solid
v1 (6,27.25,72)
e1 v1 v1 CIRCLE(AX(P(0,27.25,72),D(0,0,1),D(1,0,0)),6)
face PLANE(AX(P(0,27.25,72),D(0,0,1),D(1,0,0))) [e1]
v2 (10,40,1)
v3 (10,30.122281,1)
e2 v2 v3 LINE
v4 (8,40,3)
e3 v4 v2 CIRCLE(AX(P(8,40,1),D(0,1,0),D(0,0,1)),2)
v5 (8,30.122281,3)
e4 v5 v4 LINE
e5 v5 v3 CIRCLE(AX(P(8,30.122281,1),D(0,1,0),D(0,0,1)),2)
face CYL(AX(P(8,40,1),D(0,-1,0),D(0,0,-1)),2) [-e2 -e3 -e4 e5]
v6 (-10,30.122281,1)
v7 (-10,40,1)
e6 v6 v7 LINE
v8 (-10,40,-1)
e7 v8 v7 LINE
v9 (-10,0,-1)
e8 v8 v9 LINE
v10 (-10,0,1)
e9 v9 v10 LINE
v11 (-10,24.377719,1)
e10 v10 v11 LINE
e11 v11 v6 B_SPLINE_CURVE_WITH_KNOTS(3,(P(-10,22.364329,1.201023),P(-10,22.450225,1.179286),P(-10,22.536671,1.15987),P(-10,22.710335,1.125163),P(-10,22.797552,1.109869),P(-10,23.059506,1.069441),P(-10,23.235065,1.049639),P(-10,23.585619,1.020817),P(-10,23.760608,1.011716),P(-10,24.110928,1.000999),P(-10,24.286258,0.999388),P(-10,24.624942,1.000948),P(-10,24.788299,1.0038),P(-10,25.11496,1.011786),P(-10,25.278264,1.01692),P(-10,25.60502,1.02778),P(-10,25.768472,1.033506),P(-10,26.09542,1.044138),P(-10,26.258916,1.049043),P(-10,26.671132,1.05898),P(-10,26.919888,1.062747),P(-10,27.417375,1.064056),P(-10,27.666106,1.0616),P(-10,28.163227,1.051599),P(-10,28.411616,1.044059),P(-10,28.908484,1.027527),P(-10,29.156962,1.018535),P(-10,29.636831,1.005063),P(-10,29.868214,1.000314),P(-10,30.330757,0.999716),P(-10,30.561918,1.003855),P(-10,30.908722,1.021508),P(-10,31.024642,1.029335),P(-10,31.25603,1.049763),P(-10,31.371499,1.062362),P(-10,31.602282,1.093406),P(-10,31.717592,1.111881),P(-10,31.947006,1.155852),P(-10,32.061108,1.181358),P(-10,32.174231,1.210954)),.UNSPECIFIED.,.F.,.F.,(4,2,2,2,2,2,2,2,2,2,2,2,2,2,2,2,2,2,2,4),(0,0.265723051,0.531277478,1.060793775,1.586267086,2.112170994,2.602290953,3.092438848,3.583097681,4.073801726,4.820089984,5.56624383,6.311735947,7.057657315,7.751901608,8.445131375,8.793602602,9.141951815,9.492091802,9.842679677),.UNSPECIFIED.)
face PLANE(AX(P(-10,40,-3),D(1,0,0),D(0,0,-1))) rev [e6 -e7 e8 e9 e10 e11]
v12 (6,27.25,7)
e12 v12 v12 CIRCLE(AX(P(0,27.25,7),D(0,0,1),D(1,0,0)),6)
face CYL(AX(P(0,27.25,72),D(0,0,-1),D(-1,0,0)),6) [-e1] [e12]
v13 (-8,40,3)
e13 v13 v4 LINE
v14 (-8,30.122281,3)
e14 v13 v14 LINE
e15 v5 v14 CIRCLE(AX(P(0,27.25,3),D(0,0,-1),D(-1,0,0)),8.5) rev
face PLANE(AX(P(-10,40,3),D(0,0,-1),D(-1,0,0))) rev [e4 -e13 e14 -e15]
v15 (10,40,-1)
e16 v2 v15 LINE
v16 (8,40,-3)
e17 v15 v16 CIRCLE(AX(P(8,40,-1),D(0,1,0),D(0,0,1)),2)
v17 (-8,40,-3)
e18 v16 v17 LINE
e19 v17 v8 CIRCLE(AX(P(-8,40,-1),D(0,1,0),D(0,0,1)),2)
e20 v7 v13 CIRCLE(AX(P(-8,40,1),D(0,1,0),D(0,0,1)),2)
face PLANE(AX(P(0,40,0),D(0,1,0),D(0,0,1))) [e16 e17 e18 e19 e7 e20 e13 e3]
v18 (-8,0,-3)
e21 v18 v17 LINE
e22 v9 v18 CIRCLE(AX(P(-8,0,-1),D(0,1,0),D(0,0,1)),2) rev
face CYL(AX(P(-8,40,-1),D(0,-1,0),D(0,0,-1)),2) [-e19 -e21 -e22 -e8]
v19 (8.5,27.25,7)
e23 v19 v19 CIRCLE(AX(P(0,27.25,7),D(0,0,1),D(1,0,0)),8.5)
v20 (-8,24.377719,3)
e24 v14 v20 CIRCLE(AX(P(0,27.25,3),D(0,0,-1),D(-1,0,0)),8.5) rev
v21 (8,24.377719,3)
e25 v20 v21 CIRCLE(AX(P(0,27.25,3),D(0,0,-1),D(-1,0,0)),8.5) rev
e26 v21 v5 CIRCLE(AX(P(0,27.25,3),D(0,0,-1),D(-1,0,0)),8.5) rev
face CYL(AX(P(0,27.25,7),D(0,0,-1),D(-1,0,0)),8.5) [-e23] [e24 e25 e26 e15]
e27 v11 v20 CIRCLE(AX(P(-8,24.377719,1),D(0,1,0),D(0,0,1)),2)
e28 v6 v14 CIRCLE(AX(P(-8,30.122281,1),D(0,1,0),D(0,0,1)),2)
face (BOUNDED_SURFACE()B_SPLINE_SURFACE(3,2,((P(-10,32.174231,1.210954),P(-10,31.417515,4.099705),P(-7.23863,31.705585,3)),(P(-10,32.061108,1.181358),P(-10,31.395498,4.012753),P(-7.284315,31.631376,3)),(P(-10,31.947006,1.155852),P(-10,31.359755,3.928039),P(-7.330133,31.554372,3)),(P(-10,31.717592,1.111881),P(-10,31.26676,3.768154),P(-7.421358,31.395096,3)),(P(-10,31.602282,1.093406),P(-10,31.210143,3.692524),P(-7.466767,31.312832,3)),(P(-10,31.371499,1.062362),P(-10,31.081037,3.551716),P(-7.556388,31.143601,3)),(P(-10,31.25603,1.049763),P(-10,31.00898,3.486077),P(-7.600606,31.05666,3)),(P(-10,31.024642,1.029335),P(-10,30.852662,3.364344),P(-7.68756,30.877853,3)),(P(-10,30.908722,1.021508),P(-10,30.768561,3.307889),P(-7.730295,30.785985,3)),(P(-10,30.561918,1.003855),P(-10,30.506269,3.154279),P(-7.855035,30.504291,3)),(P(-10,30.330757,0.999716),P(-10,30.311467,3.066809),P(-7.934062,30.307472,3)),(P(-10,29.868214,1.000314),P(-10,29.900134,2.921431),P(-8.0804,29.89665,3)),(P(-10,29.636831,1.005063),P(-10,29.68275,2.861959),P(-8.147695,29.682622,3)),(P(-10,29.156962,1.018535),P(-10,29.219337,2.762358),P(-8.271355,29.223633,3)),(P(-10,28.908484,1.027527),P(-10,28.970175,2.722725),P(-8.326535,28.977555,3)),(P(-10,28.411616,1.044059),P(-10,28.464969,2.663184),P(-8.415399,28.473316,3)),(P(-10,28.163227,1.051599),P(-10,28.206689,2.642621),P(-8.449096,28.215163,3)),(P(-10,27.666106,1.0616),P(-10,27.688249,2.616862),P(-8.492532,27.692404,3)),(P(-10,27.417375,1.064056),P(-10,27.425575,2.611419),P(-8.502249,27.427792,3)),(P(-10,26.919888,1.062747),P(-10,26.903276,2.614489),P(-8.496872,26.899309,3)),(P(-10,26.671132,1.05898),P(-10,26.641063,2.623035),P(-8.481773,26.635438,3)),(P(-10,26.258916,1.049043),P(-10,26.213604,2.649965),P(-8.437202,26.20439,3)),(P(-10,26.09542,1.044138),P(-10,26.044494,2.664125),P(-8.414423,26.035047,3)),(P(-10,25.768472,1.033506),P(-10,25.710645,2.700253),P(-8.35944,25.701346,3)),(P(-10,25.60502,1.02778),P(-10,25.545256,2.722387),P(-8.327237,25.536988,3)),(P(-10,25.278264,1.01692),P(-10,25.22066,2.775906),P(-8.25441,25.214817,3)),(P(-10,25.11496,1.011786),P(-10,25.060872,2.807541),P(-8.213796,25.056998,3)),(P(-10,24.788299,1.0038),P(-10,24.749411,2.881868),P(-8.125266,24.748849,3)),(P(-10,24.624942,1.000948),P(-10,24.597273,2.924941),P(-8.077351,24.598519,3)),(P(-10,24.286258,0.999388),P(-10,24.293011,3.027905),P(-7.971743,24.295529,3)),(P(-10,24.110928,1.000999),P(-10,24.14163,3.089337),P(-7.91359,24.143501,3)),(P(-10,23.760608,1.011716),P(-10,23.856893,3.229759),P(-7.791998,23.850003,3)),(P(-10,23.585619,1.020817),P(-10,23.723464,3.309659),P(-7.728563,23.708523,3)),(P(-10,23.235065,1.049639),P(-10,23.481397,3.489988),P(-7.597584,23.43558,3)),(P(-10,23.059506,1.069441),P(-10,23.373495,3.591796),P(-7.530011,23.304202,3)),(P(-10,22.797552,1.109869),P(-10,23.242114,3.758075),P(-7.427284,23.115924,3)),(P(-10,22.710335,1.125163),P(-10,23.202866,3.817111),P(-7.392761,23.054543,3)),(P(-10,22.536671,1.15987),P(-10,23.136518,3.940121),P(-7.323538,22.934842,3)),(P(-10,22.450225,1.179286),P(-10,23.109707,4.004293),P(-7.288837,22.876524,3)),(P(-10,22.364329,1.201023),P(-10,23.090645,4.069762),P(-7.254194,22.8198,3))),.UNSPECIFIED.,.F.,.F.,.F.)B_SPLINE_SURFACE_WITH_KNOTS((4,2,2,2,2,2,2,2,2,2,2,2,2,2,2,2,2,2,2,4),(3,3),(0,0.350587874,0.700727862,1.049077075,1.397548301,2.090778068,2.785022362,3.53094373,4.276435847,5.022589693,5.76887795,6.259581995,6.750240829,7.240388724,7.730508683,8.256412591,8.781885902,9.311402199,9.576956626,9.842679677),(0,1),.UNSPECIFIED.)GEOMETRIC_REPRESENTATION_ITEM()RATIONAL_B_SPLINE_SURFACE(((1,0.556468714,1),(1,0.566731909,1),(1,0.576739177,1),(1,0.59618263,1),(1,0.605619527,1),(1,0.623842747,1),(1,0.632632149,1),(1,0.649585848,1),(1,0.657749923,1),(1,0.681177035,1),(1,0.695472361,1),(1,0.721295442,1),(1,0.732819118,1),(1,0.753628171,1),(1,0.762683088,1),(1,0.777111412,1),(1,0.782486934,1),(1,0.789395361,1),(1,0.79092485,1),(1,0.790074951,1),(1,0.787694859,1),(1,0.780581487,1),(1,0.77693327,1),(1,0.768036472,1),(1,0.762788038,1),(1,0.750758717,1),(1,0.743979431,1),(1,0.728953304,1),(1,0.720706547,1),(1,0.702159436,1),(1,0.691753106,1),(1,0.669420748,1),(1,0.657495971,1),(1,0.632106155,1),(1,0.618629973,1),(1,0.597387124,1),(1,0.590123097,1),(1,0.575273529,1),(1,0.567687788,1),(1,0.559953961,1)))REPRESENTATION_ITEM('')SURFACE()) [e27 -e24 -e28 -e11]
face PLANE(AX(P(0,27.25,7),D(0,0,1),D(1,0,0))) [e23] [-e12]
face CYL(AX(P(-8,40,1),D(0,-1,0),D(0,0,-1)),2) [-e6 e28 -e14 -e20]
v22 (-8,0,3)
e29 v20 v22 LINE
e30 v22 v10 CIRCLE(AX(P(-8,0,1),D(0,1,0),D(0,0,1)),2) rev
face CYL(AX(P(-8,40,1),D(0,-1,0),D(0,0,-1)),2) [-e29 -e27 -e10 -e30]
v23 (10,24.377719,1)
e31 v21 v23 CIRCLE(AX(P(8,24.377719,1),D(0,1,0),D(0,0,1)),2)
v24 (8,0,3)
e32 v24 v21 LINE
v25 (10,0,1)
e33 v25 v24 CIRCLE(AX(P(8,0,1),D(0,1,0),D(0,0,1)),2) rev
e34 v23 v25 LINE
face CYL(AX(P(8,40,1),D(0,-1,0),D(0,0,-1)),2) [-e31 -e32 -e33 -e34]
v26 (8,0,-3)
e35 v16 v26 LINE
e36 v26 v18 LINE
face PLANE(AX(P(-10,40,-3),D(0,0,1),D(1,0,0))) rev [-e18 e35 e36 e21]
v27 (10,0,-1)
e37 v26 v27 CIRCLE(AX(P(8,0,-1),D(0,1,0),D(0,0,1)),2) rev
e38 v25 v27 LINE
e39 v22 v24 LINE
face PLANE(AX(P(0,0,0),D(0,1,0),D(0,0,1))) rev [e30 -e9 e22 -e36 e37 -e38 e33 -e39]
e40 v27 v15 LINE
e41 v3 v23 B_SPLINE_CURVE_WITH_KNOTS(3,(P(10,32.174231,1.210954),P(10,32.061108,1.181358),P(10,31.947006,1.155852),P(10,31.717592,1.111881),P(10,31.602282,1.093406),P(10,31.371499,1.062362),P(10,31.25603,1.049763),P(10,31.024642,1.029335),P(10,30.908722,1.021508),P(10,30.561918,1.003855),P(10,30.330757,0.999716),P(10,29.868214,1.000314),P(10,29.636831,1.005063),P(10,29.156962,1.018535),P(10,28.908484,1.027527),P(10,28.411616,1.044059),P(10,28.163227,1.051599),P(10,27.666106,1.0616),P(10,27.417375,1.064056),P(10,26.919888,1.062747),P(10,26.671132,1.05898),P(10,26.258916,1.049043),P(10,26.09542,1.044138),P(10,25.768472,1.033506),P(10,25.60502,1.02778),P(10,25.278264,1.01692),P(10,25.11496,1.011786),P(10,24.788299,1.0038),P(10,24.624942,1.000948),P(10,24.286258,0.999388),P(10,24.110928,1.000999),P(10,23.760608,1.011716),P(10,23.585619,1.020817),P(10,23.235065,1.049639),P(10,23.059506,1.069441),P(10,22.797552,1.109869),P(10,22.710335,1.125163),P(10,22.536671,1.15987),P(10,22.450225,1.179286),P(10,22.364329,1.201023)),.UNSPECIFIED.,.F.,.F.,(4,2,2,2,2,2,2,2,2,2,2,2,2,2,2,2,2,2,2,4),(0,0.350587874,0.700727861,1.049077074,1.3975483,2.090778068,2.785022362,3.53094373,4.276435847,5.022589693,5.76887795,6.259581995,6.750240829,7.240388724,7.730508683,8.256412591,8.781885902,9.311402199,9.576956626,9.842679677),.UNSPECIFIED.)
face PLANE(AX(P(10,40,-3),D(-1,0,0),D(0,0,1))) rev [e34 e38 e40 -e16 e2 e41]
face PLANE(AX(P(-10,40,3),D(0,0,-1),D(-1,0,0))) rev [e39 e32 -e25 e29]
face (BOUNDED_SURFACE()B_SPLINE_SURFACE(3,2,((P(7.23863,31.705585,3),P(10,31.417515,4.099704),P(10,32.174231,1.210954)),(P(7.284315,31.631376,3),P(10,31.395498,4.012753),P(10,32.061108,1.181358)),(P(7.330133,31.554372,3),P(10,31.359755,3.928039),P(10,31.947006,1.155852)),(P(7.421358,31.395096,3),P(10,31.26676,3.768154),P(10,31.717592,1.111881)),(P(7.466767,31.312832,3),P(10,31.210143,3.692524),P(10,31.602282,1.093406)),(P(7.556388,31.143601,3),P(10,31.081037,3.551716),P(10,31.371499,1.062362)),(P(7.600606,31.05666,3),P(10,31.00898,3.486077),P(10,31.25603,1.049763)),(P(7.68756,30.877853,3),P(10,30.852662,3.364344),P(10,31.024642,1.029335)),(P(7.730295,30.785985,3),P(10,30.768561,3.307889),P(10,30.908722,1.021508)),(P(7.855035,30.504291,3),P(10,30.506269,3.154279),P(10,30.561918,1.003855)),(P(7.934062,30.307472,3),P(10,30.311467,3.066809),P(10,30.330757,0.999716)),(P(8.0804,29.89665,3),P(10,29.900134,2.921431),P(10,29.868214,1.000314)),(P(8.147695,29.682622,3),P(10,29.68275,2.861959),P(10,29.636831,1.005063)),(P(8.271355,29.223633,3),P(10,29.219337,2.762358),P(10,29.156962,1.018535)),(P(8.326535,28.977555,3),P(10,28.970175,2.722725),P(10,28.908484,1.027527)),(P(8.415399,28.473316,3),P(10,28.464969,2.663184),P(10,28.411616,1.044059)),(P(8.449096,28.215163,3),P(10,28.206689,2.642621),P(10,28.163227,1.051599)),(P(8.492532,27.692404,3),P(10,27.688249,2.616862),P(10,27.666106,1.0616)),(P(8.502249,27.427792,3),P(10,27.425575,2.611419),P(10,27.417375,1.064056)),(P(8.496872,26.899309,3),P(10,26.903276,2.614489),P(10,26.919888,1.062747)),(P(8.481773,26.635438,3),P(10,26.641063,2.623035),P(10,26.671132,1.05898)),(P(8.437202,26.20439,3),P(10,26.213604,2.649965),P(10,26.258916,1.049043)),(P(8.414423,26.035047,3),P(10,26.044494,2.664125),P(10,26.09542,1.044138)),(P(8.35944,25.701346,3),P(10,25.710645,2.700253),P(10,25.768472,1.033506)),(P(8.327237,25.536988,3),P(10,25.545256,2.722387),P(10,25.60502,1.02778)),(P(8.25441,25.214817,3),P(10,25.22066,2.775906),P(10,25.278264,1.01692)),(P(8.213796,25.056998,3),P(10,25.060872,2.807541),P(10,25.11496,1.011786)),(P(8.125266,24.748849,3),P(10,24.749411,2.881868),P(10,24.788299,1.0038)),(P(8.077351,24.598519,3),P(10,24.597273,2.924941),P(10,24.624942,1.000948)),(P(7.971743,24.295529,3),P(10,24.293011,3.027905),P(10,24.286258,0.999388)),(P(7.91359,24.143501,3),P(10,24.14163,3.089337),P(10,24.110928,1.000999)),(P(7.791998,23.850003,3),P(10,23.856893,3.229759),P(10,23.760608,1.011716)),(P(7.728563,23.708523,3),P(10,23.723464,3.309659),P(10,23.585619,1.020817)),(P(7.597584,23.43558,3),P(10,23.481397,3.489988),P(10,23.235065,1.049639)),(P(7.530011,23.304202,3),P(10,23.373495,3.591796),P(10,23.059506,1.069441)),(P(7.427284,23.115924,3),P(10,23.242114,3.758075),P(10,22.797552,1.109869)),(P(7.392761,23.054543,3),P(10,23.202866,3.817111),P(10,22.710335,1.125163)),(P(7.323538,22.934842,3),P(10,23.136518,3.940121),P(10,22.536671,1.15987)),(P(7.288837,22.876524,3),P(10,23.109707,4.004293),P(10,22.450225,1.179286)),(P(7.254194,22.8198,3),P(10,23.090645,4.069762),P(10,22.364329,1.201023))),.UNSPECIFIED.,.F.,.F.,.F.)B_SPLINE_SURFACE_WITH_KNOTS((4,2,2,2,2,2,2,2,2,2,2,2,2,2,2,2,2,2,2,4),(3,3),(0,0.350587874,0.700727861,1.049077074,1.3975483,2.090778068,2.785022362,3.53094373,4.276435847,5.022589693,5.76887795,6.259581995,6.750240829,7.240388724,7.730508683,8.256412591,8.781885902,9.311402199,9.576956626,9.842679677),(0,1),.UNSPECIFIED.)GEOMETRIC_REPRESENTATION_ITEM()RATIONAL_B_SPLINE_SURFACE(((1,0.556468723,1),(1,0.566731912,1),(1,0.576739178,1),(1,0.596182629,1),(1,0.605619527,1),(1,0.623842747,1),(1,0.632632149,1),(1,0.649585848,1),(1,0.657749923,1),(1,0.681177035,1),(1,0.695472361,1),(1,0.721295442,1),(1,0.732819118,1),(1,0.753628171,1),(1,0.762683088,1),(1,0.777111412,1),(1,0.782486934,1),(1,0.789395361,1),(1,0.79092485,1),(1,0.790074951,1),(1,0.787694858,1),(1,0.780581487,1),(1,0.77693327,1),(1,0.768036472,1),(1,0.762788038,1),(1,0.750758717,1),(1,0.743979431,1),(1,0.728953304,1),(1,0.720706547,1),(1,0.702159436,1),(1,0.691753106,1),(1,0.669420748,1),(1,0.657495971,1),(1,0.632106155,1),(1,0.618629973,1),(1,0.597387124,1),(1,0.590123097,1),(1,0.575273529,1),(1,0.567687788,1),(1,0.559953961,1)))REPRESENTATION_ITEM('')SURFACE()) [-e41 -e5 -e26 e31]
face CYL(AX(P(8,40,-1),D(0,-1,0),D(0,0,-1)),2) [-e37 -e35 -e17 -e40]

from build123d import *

# Parameters (mm, degrees)
SKETCH1_W           = 20
SKETCH1_H           = 6
BOSS_EXTRUDE1_DEPTH = 40
SKETCH5_R           = 6
BOSS_EXTRUDE8_DEPTH = 69
SKETCH8_R           = 8.5
BOSS_EXTRUDE9_DEPTH = 4
FILLET1_R           = 2


with BuildPart() as part:
    # Sketch1 → Boss-Extrude1 (new body)
    with BuildSketch(Plane(origin=(0, 0, 0), x_dir=(1, 0, 0), z_dir=(0, 1, 0))):
        Rectangle(SKETCH1_W, SKETCH1_H)
    extrude(amount=BOSS_EXTRUDE1_DEPTH)

    # Sketch5 → Boss-Extrude8 (add)
    with BuildSketch(Plane.XY.offset(3)):
        with Locations((0, 27.25)):
            Circle(SKETCH5_R)
    extrude(amount=BOSS_EXTRUDE8_DEPTH)

    # Sketch8 → Boss-Extrude9 (add)
    with BuildSketch(Plane.XY.offset(3)):
        with Locations((0, 27.25)):
            Circle(SKETCH8_R)
    extrude(amount=BOSS_EXTRUDE9_DEPTH)

    # Fillet1
    fillet1_edges = [part.edges().sort_by_distance(p)[0] for p in [
        (-10, 20, -3),
        (10, 20, -3),
        (10, 20, 3),
        (-10, 20, 3),
    ]]
    fillet(fillet1_edges, radius=FILLET1_R)


solid = part.part
